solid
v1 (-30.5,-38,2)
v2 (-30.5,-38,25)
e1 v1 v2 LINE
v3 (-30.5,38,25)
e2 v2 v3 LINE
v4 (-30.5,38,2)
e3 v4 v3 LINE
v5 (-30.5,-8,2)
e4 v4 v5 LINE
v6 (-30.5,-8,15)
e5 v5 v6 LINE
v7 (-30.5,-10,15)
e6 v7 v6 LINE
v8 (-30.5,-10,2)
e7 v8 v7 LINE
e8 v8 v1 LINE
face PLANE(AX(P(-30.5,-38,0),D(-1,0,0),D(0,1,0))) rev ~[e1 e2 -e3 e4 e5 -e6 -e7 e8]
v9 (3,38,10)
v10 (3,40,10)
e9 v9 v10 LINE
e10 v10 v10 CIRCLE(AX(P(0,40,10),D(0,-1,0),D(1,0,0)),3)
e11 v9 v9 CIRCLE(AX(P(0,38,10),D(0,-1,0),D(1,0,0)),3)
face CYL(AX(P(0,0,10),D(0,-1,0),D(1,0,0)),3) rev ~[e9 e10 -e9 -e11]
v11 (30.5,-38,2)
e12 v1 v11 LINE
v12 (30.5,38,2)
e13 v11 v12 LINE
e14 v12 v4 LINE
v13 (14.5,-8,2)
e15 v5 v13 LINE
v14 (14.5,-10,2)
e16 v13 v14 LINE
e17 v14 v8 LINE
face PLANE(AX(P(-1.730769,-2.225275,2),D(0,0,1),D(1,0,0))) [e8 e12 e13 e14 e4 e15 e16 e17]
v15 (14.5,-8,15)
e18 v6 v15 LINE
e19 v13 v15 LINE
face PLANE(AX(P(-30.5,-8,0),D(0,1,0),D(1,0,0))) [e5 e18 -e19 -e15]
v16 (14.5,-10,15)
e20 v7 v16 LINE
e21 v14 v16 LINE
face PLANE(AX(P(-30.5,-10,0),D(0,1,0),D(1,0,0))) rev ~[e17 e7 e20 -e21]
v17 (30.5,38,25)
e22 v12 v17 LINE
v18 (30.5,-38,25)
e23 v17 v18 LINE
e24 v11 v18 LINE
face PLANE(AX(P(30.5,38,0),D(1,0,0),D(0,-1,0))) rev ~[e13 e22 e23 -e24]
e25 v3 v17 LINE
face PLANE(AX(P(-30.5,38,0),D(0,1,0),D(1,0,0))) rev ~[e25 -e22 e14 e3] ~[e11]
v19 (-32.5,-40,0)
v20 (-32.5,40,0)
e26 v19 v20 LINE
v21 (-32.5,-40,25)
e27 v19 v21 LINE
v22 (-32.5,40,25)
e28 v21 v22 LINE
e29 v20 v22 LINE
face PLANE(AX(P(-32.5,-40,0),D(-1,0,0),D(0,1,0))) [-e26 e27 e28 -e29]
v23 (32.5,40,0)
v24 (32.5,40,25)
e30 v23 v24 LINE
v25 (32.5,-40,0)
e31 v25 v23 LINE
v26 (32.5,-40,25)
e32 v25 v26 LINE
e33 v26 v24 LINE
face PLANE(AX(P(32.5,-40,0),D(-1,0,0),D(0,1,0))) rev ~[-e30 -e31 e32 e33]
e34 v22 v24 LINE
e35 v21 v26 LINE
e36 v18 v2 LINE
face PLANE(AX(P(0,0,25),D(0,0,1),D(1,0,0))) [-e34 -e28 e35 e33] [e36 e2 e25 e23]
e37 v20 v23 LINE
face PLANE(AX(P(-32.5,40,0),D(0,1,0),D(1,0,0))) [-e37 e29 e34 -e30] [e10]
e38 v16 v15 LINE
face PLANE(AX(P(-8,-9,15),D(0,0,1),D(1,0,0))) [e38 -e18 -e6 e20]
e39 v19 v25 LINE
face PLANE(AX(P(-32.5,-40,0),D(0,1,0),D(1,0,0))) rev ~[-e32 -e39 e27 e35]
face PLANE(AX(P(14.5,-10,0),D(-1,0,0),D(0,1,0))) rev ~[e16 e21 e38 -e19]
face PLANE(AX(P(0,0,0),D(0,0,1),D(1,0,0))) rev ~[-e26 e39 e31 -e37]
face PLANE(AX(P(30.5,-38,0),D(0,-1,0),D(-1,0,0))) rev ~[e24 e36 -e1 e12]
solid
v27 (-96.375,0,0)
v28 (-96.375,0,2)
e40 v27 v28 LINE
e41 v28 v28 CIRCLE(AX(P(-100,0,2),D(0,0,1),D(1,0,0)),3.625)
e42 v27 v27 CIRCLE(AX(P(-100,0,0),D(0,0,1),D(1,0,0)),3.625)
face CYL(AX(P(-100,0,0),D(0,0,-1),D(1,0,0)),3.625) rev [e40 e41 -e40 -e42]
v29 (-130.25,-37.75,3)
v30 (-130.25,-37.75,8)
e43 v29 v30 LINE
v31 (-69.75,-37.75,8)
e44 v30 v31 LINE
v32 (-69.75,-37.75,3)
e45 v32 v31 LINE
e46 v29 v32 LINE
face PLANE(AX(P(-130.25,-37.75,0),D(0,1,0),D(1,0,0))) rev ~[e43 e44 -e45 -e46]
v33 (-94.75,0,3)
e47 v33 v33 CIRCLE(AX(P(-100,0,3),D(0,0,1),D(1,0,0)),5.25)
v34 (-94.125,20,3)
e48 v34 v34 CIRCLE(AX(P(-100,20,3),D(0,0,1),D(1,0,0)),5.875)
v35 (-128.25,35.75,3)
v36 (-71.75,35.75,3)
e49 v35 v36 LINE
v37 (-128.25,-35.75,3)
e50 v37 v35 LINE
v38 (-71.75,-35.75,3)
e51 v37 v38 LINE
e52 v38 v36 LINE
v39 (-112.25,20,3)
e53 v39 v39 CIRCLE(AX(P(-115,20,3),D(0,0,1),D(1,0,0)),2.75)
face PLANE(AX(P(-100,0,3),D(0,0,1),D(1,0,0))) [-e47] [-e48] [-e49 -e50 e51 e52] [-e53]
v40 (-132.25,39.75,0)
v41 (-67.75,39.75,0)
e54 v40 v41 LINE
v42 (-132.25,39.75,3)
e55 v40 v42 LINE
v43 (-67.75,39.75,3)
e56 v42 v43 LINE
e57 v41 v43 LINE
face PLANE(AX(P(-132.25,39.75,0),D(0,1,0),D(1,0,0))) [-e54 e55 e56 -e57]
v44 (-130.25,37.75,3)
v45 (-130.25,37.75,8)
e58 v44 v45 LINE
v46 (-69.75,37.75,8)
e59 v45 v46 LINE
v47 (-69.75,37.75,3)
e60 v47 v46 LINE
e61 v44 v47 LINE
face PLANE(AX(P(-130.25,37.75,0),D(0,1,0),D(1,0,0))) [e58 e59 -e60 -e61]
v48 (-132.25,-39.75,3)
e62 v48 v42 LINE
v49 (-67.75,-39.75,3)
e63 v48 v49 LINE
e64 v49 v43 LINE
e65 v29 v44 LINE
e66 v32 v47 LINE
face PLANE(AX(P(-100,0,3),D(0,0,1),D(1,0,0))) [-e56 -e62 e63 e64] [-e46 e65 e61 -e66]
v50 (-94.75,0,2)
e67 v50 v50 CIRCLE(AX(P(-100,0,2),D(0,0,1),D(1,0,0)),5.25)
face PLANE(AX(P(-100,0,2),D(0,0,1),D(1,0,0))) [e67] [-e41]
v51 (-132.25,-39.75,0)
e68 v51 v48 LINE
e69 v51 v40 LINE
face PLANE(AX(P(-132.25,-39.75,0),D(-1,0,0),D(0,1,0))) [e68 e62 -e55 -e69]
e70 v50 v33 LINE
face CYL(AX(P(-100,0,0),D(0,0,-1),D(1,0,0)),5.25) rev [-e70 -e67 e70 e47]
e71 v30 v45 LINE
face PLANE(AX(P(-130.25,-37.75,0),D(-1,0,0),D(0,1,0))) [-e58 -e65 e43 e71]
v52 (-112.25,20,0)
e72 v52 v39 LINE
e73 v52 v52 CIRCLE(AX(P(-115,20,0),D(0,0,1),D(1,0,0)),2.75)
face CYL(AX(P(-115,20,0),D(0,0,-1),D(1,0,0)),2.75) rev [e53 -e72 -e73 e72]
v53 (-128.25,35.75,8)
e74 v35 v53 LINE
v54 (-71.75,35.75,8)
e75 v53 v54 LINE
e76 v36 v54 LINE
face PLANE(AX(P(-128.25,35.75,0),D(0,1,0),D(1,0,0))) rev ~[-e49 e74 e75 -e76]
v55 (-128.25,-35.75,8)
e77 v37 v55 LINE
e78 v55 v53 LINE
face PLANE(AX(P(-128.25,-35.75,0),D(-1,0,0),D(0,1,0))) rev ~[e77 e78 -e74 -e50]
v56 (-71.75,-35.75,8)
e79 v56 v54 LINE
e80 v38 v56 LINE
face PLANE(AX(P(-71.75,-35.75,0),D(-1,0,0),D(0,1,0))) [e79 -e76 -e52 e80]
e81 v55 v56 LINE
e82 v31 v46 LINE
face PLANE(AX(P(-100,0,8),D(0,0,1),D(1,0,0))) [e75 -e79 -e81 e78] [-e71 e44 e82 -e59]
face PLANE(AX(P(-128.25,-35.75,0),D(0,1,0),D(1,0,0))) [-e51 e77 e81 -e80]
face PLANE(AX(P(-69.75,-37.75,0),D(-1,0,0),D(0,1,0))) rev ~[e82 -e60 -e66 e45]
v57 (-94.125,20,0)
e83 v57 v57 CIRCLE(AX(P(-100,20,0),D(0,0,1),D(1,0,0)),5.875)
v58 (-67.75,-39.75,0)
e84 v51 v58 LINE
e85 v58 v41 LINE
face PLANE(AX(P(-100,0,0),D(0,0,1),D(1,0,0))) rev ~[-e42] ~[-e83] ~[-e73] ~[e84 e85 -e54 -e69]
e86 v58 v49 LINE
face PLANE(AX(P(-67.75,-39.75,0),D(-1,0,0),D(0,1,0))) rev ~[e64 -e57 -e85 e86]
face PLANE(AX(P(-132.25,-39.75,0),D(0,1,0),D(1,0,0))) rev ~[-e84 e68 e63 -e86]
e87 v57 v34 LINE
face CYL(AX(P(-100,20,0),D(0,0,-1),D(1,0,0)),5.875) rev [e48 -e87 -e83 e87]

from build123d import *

# Parameters (mm, degrees)
F1_DEPTH = 2
F0_W     = 65
F0_H     = 80
F2_DEPTH = 25
F0_W_2   = 45
F0_H_2   = 2
F3_DEPTH = 15
F0_W_3   = 56.5
F0_H_3   = 71.5
F0_R     = 5.25
F0_R_2   = 2.75
F0_R_3   = 5.875
F4_DEPTH = 3
F0_W_4   = 64.5
F0_H_4   = 79.5
F0_W_5   = 60.5
F0_H_5   = 75.5
F5_DEPTH = 8
F0_R_4   = 3.625
F6_DEPTH = 2
F7_R     = 3
F8_DEPTH = 47.8


with BuildPart() as f1:
    # F0 (on Top) → F1 (new body)
    with BuildSketch(Plane.XY):
        Polygon((30.5, 38), (-30.5, 38), (-30.5, -8), (14.5, -8), (14.5, -10), (-30.5, -10), (-30.5, -38), (30.5, -38), align=None)
    extrude(amount=F1_DEPTH)

    # F0 (on Top) → F2 (join)
    with BuildSketch(Plane.XY):
        Rectangle(F0_W, F0_H)
        Polygon((-30.5, -8), (-30.5, 38), (30.5, 38), (30.5, -38), (-30.5, -38), (-30.5, -10), align=None, mode=Mode.SUBTRACT)
    extrude(amount=F2_DEPTH)

    # F0 (on Top) → F3 (join)
    with BuildSketch(Plane.XY):
        with Locations((-8, -9)):
            Rectangle(F0_W_2, F0_H_2)
    extrude(amount=F3_DEPTH)

    # F7 (on Front) → F8 (cut)
    with BuildSketch(Plane.XZ):
        with Locations((0, 10)):
            Circle(F7_R)
    extrude(amount=-F8_DEPTH, mode=Mode.SUBTRACT)


with BuildPart() as f4:
    # F0 (on Top) → F4 (new body)
    with BuildSketch(Plane.XY):
        with Locations((-100, 0)):
            Rectangle(F0_W_3, F0_H_3)
        with Locations((-100, 0)):
            Circle(F0_R, mode=Mode.SUBTRACT)
        with Locations((-115, 20)):
            Circle(F0_R_2, mode=Mode.SUBTRACT)
        with Locations((-100, 20)):
            Circle(F0_R_3, mode=Mode.SUBTRACT)
    extrude(amount=F4_DEPTH)



with BuildPart() as f4b:
    # F0 (on Top) → F4, piece 2 (new body)
    with BuildSketch(Plane.XY):
        with Locations((-100, 0)):
            Rectangle(F0_W_4, F0_H_4)
        with Locations((-100, 0)):
            Rectangle(F0_W_5, F0_H_5, mode=Mode.SUBTRACT)
    extrude(amount=F4_DEPTH)


with BuildPart() as f4_1:
    add(f4.part)

    add(f4b.part)  # F5 merges F4b
    # F0 (on Top) → F5 (join)
    with BuildSketch(Plane.XY):
        with Locations((-100, 0)):
            Rectangle(F0_W_5, F0_H_5)
        with Locations((-100, 0)):
            Rectangle(F0_W_3, F0_H_3, mode=Mode.SUBTRACT)
    extrude(amount=F5_DEPTH)

    # F0 (on Top) → F6 (join)
    with BuildSketch(Plane.XY):
        with Locations((-100, 0)):
            Circle(F0_R)
        with Locations((-100, 0)):
            Circle(F0_R_4, mode=Mode.SUBTRACT)
    extrude(amount=F6_DEPTH)


solid = Compound([f1.part, f4_1.part])
